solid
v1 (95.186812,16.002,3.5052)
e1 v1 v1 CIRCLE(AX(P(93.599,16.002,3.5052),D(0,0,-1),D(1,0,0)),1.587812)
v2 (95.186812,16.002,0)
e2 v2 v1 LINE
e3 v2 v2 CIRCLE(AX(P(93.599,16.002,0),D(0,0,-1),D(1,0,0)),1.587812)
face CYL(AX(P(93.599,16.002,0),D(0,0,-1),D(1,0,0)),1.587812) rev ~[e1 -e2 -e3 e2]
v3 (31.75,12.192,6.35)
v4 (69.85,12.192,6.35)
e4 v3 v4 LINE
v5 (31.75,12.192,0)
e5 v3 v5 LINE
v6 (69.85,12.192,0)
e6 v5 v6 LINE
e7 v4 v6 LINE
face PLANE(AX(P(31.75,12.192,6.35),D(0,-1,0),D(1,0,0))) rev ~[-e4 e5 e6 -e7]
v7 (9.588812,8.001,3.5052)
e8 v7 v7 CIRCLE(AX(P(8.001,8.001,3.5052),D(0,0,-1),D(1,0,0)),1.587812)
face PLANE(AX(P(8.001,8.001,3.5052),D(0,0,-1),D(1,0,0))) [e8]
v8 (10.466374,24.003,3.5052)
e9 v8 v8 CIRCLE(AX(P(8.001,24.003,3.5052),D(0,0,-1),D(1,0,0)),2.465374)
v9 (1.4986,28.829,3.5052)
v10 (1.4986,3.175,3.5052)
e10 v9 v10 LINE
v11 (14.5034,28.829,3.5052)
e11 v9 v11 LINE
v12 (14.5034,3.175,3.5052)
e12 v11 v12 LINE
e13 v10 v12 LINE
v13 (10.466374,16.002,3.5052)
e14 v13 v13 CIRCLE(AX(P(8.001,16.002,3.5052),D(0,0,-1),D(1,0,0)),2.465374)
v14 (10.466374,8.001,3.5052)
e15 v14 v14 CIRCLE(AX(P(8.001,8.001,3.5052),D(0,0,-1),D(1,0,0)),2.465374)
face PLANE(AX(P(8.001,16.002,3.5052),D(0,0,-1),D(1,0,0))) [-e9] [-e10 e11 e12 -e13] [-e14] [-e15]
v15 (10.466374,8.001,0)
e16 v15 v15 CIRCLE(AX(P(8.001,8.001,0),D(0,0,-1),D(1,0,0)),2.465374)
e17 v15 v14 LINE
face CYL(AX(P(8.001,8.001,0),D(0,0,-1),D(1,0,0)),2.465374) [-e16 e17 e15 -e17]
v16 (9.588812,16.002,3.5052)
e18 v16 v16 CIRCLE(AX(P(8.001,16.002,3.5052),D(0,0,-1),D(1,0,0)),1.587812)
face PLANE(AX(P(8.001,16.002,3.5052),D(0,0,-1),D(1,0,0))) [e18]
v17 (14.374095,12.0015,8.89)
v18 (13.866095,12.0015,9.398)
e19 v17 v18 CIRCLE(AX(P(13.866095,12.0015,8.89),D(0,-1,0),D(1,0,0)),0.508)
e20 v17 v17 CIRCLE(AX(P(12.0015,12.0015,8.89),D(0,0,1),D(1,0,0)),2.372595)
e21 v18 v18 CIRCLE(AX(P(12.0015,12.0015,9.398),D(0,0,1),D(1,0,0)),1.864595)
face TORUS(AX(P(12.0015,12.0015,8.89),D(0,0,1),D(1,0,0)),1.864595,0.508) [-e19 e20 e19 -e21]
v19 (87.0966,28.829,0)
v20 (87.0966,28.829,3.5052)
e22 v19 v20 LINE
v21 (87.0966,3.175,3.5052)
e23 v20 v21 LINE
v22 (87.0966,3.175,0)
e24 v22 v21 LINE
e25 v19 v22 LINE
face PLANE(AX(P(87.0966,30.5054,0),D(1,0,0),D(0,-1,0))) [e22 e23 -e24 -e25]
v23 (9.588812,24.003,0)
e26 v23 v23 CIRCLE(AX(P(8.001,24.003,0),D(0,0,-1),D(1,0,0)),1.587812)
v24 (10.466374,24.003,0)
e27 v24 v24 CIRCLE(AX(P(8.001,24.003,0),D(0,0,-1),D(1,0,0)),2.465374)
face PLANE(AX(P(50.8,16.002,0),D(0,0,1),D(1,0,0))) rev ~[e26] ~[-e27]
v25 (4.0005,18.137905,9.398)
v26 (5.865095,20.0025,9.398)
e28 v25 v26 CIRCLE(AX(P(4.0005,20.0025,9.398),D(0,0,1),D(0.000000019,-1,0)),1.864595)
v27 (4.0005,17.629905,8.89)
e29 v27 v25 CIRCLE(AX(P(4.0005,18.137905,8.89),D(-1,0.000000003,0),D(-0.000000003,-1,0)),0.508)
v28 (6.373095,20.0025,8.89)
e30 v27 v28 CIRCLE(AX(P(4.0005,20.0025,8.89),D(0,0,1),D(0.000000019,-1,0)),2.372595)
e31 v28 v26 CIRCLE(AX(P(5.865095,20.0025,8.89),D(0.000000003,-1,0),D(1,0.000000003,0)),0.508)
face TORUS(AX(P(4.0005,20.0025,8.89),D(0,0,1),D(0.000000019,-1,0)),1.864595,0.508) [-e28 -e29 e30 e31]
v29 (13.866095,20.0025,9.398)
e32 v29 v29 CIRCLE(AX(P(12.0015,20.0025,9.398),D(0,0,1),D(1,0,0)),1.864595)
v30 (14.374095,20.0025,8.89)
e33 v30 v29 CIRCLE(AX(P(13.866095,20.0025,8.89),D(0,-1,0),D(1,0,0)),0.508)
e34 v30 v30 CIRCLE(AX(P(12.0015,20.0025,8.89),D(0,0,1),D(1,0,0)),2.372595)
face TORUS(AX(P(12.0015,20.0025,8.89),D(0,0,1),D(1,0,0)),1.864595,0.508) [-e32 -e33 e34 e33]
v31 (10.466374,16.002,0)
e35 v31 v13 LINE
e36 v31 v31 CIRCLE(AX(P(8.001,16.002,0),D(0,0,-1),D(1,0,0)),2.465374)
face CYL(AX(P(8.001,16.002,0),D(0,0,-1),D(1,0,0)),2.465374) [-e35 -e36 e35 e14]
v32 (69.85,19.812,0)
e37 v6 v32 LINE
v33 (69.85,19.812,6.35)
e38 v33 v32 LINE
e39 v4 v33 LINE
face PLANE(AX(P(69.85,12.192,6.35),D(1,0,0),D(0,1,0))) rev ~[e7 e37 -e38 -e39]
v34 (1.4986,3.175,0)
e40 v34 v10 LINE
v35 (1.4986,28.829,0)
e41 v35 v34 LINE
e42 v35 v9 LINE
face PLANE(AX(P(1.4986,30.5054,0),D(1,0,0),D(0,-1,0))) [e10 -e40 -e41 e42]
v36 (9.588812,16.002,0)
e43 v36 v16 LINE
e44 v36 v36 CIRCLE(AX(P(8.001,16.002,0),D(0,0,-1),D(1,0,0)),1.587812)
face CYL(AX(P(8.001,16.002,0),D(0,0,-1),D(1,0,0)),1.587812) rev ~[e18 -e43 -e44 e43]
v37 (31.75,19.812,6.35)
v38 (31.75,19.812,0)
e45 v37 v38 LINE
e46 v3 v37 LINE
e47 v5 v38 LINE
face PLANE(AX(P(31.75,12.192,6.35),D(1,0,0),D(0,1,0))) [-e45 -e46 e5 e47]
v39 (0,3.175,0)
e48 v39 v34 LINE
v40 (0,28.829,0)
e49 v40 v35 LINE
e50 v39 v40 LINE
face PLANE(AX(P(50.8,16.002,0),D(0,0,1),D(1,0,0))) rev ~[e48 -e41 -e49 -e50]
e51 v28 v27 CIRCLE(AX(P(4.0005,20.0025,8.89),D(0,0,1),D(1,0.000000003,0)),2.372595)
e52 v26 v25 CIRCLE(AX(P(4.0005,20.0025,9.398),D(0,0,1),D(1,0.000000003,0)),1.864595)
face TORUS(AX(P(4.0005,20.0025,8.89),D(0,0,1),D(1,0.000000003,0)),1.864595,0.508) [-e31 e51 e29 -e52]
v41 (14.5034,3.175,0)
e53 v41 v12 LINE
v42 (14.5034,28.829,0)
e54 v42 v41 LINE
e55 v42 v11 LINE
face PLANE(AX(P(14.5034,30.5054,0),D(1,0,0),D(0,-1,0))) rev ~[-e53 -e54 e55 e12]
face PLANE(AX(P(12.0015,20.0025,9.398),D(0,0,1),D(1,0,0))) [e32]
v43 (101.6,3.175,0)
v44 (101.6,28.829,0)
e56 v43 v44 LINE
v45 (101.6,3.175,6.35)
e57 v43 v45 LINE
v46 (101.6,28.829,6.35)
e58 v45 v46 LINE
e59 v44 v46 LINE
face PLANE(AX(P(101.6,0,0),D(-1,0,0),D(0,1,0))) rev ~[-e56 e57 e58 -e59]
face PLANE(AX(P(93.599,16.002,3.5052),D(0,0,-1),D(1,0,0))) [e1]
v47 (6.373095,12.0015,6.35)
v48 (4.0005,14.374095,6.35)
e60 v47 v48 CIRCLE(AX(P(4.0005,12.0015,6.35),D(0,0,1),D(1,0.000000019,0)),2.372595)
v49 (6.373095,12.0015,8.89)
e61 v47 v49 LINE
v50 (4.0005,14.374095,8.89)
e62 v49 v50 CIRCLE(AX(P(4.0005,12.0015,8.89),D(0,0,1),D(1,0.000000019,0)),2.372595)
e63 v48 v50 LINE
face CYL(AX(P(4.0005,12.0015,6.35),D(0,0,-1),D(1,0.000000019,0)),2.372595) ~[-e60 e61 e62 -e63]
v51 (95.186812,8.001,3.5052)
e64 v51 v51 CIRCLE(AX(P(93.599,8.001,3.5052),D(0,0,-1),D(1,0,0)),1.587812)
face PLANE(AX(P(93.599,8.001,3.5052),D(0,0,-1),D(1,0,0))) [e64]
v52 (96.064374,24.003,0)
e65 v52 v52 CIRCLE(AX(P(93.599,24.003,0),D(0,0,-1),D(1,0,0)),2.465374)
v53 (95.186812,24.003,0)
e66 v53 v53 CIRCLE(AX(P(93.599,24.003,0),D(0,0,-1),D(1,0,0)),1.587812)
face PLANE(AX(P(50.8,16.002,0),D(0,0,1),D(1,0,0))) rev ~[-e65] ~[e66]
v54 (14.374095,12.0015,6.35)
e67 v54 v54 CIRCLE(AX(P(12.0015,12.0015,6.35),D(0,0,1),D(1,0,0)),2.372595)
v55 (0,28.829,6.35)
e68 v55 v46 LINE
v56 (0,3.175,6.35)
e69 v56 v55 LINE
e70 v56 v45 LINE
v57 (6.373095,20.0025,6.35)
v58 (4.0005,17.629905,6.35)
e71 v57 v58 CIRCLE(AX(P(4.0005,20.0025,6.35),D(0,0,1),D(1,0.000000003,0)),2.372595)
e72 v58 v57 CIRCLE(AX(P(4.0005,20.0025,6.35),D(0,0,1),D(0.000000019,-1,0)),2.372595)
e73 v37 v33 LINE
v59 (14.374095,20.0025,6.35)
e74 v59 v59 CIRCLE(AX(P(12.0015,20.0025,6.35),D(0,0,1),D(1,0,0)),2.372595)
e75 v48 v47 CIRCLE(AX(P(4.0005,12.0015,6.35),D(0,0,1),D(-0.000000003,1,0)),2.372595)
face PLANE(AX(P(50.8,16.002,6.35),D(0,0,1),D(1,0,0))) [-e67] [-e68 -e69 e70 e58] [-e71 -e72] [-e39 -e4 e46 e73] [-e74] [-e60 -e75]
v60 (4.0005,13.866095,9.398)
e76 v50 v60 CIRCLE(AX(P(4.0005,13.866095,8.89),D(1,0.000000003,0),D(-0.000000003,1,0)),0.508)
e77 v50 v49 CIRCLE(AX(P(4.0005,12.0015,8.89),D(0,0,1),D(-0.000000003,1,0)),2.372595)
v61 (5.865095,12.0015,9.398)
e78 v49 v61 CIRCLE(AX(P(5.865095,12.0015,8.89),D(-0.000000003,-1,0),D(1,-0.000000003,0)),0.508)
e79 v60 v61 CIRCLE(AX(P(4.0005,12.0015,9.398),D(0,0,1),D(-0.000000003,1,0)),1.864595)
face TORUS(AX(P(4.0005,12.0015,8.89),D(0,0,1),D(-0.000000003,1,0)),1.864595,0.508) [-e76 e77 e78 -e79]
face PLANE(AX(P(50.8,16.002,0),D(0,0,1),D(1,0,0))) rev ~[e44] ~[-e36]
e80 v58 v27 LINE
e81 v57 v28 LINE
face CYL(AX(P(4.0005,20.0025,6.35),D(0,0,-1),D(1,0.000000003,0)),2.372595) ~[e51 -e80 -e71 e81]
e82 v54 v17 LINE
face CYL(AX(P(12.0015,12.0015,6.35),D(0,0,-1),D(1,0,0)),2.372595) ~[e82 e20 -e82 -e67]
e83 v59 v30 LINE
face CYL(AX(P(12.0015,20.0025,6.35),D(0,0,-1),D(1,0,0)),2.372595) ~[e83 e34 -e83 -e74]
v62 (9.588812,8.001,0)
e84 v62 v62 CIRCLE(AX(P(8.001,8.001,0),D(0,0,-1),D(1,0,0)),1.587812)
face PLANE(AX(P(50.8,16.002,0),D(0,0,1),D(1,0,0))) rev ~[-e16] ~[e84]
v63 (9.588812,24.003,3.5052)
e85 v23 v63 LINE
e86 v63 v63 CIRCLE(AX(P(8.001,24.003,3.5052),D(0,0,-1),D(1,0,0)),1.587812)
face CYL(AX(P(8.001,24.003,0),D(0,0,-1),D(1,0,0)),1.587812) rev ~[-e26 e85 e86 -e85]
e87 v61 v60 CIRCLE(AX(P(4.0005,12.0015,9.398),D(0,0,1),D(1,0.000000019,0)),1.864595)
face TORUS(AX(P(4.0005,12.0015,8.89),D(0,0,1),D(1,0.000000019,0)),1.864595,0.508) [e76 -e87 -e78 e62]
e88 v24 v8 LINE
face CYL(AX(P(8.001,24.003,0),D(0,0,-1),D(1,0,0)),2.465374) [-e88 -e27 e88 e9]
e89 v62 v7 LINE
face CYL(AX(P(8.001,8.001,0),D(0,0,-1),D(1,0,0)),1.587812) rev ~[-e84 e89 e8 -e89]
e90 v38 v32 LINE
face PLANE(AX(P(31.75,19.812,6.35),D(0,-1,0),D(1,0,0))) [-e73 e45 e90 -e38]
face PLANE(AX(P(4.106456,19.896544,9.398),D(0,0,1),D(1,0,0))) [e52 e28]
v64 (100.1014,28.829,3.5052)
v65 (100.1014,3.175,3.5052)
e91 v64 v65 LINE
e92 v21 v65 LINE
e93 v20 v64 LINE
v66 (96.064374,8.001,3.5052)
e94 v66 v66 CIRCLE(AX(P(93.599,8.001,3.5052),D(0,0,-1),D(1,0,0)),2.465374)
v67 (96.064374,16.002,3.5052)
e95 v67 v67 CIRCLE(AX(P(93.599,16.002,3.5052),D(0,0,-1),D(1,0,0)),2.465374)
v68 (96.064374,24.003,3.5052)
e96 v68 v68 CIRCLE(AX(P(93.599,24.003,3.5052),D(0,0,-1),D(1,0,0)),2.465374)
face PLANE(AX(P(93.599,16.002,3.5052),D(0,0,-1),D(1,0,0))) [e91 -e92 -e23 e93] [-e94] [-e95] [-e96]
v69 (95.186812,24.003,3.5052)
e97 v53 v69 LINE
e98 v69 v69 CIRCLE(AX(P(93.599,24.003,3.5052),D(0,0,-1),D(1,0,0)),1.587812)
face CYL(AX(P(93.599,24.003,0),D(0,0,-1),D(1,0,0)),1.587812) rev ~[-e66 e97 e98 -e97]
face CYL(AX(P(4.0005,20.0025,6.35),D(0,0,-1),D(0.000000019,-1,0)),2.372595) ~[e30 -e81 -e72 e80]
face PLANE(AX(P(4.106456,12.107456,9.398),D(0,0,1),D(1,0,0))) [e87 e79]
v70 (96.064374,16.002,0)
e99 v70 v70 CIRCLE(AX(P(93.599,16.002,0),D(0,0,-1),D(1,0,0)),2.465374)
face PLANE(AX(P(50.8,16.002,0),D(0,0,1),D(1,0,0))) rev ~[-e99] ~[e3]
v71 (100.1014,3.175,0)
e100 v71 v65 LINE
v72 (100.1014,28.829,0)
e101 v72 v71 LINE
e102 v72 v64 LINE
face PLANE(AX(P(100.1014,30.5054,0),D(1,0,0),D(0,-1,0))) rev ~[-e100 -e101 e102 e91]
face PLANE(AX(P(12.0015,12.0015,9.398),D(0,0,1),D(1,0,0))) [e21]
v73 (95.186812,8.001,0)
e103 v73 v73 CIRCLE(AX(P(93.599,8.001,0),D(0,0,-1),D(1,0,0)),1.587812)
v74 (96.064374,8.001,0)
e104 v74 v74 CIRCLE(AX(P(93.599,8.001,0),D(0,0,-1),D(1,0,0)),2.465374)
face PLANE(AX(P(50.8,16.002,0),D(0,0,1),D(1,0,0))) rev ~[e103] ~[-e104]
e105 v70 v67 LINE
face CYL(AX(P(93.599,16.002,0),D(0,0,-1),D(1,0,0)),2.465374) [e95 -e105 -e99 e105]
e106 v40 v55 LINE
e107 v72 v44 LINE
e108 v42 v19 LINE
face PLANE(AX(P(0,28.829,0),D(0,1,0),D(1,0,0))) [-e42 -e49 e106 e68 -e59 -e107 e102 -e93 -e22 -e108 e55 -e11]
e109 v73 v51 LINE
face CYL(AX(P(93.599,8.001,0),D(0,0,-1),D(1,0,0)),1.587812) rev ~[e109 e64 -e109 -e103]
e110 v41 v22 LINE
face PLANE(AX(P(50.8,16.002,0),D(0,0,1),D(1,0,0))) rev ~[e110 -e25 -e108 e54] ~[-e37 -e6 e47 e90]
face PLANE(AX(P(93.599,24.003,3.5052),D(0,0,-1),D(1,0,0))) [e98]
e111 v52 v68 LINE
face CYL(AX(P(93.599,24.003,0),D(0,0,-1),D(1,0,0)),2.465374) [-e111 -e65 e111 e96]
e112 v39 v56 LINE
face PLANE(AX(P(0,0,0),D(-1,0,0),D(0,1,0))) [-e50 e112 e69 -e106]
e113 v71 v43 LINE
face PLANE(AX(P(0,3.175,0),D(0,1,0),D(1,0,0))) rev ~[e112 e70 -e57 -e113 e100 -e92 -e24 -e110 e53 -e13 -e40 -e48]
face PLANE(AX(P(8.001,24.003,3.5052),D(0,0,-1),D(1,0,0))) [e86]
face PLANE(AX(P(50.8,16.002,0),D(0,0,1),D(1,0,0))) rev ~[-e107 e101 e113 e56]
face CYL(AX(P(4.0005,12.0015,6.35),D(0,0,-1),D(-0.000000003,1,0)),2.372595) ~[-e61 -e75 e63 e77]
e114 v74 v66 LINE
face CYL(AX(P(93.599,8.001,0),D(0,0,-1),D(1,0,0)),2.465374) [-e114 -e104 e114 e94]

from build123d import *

# Parameters (mm, degrees)
F0_W      = 101.6
F0_H      = 32.004
F1_DEPTH  = 6.35
F2_R      = 2.372595
F3_DEPTH  = 3.048
F4_R      = 0.508
F5_W      = 13.0048
F5_H      = 29.0068
F5_R      = 2.465374
F5_R_2    = 1.587812
F6_DEPTH  = 3.5052
F7_W      = 101.6
F7_H      = 3.175
F8_DEPTH  = 6.35
F9_W      = 38.1
F9_H      = 7.62
F10_DEPTH = 6.35


with BuildPart() as f1:
    # F0 (on Top) → F1 (new body)
    with BuildSketch(Plane.XY):
        with Locations((50.8, 16.002)):
            Rectangle(F0_W, F0_H)
    extrude(amount=F1_DEPTH)

    # F2 (on face) → F3 (join)
    with BuildSketch(Plane.XY.offset(6.35)):
        with Locations((12.0015, 20.0025)):
            Circle(F2_R)
        with Locations((12.0015, 12.0015)):
            Circle(F2_R)
        with BuildLine():
            ThreePointArc((6.373095, 12.0015), (5.678178, 13.679178), (4.0005, 14.374095))
            ThreePointArc((4.0005, 14.374095), (2.322822, 10.323822), (6.373095, 12.0015))
        make_face()
        with BuildLine():
            ThreePointArc((4.0005, 17.629905), (5.678178, 18.324822), (6.373095, 20.0025))
            ThreePointArc((6.373095, 20.0025), (2.322822, 21.680178), (4.0005, 17.629905))
        make_face()
    extrude(amount=F3_DEPTH)

    # F4
    f4_edges = [f1.edges().sort_by_distance(p)[0] for p in [
        (9.628905, 20.0025, 9.398),
        (4.0005, 22.375095, 9.398),
        (1.627905, 12.0015, 9.398),
        (9.628905, 12.0015, 9.398),
    ]]
    fillet(f4_edges, radius=F4_R)

    # F5 (on face) → F6 (cut)
    with BuildSketch(Plane(origin=(0, 0, 0), x_dir=(1, 0, 0), z_dir=(0, 0, -1))):
        with Locations((8.001, -16.002)):
            Rectangle(F5_W, F5_H)
        with Locations((8.001, -24.003)):
            Circle(F5_R, mode=Mode.SUBTRACT)
        with Locations((8.001, -16.002)):
            Circle(F5_R, mode=Mode.SUBTRACT)
        with Locations((8.001, -8.001)):
            Circle(F5_R, mode=Mode.SUBTRACT)
        with Locations((93.599, -16.002)):
            Rectangle(F5_W, F5_H)
        with Locations((93.599, -24.003)):
            Circle(F5_R, mode=Mode.SUBTRACT)
        with Locations((93.599, -16.002)):
            Circle(F5_R, mode=Mode.SUBTRACT)
        with Locations((93.599, -8.001)):
            Circle(F5_R, mode=Mode.SUBTRACT)
        with Locations((8.001, -8.001)):
            Circle(F5_R_2)
        with Locations((8.001, -16.002)):
            Circle(F5_R_2)
        with Locations((8.001, -24.003)):
            Circle(F5_R_2)
        with Locations((93.599, -8.001)):
            Circle(F5_R_2)
        with Locations((93.599, -16.002)):
            Circle(F5_R_2)
        with Locations((93.599, -24.003)):
            Circle(F5_R_2)
    extrude(amount=-F6_DEPTH, mode=Mode.SUBTRACT)

    # F7 (on face) → F8 (cut, through all)
    with BuildSketch(Plane(origin=(0, 0, 0), x_dir=(1, 0, 0), z_dir=(0, 0, -1))):
        with Locations((50.8, -30.4165)):
            Rectangle(F7_W, F7_H)
        with Locations((50.8, -1.5875)):
            Rectangle(F7_W, F7_H)
    extrude(amount=-F8_DEPTH, mode=Mode.SUBTRACT)

    # F9 (on face) → F10 (cut, through all)
    with BuildSketch(Plane.XY.offset(6.35)):
        with Locations((50.8, 16.002)):
            Rectangle(F9_W, F9_H)
    extrude(amount=-F10_DEPTH, mode=Mode.SUBTRACT)


solid = f1.part
